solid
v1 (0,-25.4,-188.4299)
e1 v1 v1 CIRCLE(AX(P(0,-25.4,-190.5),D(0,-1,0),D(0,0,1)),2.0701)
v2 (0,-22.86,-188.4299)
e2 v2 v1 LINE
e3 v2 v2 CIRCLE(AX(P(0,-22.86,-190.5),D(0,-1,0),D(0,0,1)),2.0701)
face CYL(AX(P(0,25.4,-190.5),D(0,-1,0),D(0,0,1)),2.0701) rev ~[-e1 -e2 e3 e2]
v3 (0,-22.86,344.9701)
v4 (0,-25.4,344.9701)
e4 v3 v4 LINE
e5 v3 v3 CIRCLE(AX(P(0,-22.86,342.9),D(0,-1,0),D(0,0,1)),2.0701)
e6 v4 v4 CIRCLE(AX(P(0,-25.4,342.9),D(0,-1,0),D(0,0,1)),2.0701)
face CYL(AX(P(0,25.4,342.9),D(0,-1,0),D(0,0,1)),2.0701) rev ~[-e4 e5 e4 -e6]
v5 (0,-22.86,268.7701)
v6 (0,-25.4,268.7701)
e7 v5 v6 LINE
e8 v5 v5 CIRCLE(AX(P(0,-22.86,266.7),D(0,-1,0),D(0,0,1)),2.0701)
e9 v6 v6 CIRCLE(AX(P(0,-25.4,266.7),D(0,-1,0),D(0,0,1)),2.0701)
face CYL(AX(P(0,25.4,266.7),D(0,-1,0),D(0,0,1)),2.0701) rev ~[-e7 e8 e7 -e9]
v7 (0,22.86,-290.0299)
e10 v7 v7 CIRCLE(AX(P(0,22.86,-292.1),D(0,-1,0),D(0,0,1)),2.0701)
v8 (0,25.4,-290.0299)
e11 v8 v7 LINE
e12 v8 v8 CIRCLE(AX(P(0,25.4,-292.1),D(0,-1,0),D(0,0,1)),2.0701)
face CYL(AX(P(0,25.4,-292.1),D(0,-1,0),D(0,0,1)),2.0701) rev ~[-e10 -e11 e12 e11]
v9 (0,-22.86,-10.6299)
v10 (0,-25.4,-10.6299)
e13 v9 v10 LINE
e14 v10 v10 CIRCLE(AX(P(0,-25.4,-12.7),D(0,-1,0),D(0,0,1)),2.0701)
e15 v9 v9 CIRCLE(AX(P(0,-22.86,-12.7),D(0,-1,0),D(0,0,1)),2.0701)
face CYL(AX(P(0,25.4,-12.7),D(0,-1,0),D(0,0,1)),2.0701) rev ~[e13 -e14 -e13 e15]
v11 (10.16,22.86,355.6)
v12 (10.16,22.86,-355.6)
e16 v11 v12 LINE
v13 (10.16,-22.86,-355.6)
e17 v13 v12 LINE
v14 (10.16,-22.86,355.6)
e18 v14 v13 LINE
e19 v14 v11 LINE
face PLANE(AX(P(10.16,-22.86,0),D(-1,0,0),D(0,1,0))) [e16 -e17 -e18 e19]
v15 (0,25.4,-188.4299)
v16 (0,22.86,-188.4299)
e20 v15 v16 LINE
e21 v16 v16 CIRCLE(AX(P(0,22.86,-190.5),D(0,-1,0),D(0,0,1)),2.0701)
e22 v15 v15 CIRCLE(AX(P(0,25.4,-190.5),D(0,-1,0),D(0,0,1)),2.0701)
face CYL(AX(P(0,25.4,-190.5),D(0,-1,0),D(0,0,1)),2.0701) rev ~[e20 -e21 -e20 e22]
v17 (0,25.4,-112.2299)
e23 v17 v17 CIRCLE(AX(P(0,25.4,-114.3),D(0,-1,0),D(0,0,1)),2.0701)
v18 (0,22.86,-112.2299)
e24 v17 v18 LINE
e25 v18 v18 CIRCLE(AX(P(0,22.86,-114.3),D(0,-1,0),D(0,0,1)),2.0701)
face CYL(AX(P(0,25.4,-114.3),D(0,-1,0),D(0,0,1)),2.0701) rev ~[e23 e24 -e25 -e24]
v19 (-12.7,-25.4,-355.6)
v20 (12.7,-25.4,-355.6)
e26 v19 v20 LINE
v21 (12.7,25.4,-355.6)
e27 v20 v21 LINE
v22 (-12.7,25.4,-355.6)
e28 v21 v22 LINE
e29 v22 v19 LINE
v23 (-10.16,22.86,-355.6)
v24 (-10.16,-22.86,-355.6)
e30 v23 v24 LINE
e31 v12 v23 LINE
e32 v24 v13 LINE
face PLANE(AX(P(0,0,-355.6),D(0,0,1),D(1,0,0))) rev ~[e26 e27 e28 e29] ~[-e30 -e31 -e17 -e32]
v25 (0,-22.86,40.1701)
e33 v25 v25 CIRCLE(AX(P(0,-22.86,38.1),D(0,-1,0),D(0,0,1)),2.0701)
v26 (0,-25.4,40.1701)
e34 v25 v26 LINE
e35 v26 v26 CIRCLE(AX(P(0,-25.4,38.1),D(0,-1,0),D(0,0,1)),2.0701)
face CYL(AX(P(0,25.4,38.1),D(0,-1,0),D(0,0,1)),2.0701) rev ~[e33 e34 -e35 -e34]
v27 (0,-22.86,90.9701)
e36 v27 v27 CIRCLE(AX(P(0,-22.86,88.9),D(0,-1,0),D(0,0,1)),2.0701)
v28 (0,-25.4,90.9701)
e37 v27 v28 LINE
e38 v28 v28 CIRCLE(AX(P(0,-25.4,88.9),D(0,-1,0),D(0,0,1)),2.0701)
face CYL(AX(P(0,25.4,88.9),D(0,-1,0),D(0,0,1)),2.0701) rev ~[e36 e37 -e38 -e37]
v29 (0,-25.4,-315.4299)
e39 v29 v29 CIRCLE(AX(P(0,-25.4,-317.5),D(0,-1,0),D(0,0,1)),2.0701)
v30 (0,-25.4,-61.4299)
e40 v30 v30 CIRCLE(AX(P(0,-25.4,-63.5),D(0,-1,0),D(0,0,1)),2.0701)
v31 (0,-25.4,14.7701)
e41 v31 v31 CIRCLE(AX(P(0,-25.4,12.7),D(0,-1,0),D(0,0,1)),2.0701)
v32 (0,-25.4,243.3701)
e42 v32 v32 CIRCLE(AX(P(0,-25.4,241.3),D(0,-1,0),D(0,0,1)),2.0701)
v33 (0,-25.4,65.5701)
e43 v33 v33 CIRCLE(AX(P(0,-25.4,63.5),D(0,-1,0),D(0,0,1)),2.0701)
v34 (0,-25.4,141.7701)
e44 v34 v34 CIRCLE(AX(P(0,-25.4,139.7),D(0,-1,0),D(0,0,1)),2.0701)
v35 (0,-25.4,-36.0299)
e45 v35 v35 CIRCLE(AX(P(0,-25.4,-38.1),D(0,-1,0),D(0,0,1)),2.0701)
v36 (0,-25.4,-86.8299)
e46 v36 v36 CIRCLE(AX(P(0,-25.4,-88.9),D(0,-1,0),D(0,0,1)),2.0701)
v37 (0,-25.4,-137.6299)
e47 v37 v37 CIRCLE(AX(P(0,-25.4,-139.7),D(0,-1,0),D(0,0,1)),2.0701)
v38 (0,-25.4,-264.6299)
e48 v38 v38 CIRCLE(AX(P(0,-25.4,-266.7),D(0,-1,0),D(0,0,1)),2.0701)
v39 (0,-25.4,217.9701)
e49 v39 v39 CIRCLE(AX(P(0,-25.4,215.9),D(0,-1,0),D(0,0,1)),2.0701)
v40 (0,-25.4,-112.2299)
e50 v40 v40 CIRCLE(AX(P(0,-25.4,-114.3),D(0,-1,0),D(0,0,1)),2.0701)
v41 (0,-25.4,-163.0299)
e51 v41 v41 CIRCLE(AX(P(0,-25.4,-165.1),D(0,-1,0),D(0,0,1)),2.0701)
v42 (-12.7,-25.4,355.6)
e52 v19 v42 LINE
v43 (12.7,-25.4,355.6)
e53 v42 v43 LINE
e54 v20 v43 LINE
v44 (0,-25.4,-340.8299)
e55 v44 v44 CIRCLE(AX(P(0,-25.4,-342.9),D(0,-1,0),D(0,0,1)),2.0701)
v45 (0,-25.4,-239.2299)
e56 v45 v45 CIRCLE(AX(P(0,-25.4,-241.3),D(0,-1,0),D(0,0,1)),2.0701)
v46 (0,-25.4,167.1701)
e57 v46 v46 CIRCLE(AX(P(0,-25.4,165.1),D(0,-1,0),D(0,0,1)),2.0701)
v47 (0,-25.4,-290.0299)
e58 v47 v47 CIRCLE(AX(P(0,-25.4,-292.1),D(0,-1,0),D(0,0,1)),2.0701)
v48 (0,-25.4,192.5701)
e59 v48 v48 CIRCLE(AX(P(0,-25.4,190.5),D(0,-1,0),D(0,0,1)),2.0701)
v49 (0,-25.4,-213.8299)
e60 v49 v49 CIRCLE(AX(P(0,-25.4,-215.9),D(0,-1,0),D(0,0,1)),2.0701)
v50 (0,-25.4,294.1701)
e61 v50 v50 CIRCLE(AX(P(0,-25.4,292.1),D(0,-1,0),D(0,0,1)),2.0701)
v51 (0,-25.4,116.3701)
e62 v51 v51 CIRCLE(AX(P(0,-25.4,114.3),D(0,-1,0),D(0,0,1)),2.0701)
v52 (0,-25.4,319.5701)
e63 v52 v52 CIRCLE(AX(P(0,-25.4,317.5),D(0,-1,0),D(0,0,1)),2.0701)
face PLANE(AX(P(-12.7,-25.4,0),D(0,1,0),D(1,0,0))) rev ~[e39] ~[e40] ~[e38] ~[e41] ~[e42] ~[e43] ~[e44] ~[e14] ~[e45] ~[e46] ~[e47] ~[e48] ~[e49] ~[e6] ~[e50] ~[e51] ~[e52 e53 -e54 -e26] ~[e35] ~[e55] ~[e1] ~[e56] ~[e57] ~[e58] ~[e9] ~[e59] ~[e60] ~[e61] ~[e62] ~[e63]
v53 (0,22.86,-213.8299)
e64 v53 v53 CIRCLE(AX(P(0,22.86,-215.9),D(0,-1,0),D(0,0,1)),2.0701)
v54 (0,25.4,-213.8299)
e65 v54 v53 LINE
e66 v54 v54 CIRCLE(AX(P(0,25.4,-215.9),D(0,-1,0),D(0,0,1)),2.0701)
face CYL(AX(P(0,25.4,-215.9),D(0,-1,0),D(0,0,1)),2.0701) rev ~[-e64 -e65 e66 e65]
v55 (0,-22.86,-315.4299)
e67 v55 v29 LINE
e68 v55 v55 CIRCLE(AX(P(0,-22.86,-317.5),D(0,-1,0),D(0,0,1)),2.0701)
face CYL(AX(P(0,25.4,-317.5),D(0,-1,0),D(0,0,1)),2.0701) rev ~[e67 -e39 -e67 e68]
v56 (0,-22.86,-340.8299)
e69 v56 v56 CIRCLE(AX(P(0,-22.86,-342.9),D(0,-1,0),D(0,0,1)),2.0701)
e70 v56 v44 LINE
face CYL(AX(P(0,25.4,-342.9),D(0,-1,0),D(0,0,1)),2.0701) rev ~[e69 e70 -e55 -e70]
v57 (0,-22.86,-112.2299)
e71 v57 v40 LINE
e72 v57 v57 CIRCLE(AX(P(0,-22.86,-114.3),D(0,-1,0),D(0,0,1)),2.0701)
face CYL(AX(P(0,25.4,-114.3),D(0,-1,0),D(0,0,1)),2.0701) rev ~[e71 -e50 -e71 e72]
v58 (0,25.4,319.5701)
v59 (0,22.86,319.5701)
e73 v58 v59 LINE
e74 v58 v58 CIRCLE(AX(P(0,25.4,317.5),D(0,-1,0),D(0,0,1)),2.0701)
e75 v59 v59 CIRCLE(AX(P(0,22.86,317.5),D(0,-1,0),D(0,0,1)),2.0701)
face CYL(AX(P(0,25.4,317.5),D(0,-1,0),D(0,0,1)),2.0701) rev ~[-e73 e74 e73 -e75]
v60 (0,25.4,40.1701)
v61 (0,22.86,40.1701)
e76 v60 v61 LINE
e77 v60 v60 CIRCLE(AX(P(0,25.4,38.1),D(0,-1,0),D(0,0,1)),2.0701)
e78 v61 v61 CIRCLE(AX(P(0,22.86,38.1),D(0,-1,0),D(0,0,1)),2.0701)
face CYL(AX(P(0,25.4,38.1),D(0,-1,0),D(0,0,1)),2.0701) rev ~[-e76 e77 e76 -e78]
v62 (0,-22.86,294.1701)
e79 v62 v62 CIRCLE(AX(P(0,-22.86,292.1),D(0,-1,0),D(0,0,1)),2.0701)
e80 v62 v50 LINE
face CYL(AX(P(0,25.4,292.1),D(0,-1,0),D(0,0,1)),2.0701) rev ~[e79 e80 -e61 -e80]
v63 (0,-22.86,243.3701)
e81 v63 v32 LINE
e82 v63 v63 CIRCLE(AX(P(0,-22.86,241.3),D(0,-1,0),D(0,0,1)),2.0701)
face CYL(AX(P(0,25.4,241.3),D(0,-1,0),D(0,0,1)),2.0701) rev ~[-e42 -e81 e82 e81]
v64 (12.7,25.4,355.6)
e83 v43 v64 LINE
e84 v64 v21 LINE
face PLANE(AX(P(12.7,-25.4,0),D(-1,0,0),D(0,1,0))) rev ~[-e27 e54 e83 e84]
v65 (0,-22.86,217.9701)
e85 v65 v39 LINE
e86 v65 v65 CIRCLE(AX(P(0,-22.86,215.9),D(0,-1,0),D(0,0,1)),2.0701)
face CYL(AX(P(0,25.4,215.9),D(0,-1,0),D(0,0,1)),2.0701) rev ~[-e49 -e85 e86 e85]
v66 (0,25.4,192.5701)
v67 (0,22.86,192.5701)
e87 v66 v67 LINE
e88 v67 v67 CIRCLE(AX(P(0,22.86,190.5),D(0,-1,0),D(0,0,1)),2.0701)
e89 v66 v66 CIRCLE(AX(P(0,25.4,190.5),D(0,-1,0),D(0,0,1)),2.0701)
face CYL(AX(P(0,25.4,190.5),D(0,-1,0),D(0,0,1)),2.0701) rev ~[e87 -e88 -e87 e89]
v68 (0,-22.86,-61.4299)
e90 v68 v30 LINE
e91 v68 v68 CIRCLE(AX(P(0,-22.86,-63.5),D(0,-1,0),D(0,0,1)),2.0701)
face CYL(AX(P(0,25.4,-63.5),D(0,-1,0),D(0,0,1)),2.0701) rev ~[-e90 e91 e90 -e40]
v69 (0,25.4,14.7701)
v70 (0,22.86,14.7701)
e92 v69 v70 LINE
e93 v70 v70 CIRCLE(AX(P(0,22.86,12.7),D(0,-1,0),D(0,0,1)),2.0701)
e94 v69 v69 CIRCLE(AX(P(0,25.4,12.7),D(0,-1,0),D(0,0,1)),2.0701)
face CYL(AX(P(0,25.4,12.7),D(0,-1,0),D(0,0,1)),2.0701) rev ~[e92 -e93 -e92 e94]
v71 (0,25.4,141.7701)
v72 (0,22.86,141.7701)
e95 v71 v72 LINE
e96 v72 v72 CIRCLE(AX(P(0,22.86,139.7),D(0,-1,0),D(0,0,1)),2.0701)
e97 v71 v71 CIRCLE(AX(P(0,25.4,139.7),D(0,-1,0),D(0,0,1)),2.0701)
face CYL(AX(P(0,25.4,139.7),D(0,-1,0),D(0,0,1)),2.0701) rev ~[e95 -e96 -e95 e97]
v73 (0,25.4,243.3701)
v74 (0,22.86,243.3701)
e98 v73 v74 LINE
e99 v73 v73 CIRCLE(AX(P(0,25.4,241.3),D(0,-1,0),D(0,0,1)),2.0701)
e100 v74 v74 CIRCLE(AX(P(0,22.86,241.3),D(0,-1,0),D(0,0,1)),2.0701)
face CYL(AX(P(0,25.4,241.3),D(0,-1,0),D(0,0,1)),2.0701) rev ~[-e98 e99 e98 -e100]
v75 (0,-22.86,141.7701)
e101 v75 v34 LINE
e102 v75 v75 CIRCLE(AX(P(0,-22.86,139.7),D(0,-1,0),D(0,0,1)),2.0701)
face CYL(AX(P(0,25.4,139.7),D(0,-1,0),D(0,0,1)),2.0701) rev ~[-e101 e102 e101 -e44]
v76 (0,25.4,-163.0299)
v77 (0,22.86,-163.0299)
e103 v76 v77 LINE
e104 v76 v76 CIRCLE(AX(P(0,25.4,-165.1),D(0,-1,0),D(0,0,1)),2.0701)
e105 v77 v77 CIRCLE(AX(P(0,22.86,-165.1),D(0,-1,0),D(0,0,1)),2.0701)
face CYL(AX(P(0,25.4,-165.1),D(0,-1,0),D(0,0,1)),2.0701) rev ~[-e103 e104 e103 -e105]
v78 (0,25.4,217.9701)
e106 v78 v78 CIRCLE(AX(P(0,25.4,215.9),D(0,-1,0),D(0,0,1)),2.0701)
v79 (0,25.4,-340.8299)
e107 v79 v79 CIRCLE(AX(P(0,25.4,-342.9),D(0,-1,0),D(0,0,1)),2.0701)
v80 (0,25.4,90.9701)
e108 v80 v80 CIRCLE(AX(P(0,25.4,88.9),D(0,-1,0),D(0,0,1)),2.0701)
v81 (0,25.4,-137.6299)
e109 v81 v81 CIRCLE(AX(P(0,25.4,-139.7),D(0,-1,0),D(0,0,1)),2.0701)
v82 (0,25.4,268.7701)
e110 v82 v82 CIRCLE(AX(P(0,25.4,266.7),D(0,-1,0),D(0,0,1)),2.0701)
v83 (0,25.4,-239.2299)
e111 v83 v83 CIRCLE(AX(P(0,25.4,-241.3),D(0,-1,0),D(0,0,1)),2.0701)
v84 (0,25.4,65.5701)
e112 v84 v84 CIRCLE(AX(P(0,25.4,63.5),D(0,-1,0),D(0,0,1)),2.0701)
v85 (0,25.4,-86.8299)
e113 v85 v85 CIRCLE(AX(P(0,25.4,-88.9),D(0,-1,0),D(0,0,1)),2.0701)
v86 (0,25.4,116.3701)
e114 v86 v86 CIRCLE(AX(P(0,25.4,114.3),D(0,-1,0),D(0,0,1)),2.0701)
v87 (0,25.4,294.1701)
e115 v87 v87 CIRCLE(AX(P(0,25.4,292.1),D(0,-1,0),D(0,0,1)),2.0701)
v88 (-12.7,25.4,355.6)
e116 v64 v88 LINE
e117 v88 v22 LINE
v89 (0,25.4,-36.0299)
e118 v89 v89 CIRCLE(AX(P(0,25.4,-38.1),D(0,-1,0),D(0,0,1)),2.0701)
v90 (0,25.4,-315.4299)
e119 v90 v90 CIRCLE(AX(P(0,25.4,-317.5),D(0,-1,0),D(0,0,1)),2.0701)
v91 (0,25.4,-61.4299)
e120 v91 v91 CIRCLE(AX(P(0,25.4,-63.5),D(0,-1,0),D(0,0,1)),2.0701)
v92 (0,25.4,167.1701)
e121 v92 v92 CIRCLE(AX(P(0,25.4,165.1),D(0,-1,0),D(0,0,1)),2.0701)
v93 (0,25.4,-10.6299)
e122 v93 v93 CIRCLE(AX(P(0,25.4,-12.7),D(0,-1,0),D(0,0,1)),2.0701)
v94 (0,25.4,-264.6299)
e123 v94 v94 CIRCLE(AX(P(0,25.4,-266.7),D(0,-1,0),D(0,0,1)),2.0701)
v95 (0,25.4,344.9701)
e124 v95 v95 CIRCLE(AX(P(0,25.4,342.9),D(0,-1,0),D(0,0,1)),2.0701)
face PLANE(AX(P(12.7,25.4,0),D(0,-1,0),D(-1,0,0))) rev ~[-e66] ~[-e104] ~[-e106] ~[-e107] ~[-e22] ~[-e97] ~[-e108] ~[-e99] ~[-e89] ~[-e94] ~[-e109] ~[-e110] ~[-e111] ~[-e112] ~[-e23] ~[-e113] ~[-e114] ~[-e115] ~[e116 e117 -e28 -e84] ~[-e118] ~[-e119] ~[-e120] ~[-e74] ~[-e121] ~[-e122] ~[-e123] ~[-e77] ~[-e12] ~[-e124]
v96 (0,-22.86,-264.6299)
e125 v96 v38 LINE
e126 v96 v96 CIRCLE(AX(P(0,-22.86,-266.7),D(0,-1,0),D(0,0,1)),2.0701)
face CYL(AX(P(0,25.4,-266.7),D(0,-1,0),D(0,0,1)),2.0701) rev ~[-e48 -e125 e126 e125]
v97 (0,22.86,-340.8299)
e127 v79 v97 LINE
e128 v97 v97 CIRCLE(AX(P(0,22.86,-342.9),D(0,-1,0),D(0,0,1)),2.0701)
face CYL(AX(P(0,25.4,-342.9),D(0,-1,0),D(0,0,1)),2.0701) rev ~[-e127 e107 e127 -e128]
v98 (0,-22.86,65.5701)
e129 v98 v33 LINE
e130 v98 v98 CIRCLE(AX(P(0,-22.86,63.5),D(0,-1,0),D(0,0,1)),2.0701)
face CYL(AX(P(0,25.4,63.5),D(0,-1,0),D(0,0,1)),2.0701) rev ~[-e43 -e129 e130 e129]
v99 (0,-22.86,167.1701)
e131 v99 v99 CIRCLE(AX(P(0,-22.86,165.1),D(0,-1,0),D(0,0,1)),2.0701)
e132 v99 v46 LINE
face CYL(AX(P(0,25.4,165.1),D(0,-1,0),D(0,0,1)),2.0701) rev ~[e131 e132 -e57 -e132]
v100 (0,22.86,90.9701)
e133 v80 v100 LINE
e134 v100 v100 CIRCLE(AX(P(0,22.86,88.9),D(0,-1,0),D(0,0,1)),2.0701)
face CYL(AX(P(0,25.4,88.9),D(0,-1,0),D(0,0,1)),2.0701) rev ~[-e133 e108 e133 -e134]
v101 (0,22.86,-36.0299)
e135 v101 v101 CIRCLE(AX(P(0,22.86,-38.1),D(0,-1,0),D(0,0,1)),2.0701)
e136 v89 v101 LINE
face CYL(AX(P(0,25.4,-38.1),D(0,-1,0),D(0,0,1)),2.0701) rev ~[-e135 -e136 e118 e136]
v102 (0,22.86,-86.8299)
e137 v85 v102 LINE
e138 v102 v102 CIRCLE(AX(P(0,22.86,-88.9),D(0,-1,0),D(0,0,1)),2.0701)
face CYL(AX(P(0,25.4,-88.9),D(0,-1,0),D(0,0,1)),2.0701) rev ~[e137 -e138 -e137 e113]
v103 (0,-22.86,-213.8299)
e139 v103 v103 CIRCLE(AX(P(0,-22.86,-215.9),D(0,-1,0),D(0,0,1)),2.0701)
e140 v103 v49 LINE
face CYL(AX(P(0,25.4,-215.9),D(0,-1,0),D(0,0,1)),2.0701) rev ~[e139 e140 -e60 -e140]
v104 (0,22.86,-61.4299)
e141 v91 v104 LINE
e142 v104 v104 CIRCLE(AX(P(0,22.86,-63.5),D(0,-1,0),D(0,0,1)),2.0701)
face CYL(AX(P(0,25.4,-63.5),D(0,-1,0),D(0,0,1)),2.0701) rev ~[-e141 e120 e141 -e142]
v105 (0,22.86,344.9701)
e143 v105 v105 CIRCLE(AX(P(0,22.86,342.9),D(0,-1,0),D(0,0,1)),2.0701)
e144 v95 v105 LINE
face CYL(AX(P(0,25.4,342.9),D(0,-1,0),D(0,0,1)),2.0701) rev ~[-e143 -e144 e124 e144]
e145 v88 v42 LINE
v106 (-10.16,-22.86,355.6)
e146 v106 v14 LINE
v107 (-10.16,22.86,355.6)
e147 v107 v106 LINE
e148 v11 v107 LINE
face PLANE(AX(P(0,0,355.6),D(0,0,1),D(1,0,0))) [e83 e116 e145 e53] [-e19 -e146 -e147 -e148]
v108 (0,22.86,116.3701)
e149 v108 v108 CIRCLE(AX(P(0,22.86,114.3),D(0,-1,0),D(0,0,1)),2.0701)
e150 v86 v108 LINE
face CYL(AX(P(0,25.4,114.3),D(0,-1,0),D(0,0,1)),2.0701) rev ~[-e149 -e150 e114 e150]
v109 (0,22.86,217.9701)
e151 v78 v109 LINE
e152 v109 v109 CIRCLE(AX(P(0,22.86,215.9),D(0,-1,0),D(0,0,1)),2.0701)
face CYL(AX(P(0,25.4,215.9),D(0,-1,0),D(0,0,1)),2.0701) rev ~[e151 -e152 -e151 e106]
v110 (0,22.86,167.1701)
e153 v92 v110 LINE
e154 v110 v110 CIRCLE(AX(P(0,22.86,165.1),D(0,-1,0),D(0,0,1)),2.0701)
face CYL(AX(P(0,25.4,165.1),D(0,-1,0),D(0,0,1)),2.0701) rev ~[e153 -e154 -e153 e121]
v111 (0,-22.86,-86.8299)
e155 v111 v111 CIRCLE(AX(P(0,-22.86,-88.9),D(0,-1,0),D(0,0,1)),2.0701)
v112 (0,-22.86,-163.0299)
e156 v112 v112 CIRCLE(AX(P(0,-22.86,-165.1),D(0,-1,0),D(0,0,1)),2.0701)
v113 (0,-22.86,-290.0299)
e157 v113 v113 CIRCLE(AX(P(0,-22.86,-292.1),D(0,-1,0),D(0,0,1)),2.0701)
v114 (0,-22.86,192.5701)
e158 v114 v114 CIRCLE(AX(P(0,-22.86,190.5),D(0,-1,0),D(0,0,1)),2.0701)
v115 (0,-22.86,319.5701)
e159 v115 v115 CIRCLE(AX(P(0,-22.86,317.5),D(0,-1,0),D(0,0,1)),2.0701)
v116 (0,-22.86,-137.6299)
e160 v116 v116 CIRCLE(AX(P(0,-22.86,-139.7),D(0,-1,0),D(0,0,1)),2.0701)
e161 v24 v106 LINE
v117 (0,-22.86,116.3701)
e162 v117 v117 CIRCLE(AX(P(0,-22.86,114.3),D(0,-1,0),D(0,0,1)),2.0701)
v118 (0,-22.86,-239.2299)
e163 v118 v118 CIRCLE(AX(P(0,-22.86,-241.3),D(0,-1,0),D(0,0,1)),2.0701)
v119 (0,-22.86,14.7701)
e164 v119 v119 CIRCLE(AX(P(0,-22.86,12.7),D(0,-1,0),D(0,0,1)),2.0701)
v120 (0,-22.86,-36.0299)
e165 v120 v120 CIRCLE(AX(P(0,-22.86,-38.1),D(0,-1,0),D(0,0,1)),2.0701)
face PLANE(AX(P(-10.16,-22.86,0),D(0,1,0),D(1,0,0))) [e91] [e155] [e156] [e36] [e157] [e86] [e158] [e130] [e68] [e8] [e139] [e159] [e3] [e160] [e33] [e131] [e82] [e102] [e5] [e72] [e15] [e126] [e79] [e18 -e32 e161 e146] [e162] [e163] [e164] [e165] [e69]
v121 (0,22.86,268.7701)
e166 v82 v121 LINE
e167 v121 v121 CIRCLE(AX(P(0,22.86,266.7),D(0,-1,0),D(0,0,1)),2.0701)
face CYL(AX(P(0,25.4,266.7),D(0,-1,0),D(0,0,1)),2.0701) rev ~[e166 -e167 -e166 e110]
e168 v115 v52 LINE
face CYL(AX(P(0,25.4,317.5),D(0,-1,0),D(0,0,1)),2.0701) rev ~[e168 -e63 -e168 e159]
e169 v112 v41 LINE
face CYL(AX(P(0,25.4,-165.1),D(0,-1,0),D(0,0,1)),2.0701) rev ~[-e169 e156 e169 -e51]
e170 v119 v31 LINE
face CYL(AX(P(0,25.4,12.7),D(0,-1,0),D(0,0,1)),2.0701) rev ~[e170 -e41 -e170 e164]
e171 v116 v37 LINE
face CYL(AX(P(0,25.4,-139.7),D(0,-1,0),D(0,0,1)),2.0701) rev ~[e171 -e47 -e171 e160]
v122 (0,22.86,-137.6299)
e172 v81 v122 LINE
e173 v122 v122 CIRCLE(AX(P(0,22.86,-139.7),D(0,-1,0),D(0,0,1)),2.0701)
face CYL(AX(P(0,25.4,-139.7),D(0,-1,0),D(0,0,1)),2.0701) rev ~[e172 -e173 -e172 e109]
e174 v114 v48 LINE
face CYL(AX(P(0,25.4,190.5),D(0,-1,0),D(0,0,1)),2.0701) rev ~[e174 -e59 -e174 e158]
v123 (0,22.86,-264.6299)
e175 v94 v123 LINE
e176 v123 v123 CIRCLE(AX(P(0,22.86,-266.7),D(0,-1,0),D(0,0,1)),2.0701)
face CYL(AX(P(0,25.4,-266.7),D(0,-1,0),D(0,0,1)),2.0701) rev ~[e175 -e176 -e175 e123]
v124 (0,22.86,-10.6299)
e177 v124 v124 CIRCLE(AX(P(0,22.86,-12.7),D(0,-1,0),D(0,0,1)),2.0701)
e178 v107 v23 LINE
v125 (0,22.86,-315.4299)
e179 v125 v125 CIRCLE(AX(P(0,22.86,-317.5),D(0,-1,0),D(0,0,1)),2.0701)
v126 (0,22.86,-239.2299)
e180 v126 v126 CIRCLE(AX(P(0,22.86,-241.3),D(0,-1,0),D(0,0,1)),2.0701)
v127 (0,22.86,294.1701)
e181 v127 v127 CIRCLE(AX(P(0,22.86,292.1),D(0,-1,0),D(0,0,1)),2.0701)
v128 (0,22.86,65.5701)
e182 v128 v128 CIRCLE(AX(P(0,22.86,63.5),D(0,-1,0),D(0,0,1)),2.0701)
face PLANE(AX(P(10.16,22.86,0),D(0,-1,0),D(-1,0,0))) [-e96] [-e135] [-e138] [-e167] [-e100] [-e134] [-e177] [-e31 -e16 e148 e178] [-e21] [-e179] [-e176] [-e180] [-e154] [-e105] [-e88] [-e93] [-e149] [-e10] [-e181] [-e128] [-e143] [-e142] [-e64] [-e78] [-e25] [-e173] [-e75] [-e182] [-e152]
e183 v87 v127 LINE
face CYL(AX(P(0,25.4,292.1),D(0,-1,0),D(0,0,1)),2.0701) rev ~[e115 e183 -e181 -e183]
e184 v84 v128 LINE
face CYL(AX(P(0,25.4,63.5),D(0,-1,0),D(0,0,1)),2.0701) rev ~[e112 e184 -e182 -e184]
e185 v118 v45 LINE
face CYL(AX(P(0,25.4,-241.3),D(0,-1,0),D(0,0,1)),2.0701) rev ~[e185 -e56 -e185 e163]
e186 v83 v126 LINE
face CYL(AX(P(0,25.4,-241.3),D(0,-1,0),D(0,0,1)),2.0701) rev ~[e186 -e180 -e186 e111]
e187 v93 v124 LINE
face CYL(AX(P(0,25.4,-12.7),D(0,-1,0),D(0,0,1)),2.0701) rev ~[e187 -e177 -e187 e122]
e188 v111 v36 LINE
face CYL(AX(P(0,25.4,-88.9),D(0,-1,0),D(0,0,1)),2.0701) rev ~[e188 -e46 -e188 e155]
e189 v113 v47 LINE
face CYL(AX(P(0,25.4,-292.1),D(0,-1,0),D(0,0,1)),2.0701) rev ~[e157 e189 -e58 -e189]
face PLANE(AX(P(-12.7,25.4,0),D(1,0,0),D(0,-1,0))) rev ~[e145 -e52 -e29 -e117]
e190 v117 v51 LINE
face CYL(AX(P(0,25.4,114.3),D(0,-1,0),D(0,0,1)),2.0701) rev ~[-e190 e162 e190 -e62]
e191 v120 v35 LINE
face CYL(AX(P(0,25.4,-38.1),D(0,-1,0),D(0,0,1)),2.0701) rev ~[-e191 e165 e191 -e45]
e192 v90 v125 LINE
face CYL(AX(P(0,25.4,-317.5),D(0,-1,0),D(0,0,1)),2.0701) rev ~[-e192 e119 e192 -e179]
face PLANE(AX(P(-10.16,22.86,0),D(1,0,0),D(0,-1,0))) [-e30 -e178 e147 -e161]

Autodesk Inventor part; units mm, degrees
ref_plane "YZ Plane" through (0, 0, 0) normal (1, 0, 0) x (0, 1, 0)
ref_plane "XZ Plane" through (0, 0, 0) normal (0, 1, 0) x (-1, 0, 0)
ref_plane "XY Plane" through (0, 0, 0) normal (0, 0, 1) x (1, 0, 0)
sketch "Sketch1" plane through (0, 0, 0) normal (0, 0, 1) x (1, 0, 0)
  line L0 (-12.7, -25.4) -> (12.7, -25.4)
  line L1 (12.7, -25.4) -> (12.7, 25.4)
  line L2 (12.7, 25.4) -> (-12.7, 25.4)
  line L3 (-12.7, 25.4) -> (-12.7, -25.4)
  line L4 (-12.7, -25.4) -> (12.7, 25.4) construction
  line L5 (12.7, -25.4) -> (-12.7, 25.4) construction
  line L6 (-10.16, -22.86) -> (10.16, -22.86)
  line L7 (10.16, -22.86) -> (10.16, 22.86)
  line L8 (10.16, 22.86) -> (-10.16, 22.86)
  line L9 (-10.16, 22.86) -> (-10.16, -22.86)
  line L10 (-10.16, -22.86) -> (10.16, 22.86) construction
  line L11 (10.16, -22.86) -> (-10.16, 22.86) construction
  point P0 (0, 0)
  dimension "d0" = 25.4
  dimension "d1" = 50.8
  dimension "d2" = 20.32
  dimension "d3" = 45.72
extrude "Extrusion1" add sketch "Sketch1" along normal mid plane 711.2
sketch "Sketch2" plane through (-12.7, 25.4, 355.6) normal (0, 1, 0) x (1, 0, 0)
  line L0 (25.4, 711.2) -> (25.4, 0) projected
  line L1 (25.4, 0) -> (0, 0) projected
  point P0 (12.7, 355.6)
  point P1 (12.7, 12.7)
  dimension "d6" = 12.7
  dimension "d7" = 12.7
hole "Hole1" at (0, 25.4, 342.9) direction (0, -1, 0) diameter 4.1402 end through all
pattern_linear "Rectangular Pattern1" count 28 spacing 25.4 along (0, 0, -1) of "Hole1"
properties part number "Drivetrain_width"
